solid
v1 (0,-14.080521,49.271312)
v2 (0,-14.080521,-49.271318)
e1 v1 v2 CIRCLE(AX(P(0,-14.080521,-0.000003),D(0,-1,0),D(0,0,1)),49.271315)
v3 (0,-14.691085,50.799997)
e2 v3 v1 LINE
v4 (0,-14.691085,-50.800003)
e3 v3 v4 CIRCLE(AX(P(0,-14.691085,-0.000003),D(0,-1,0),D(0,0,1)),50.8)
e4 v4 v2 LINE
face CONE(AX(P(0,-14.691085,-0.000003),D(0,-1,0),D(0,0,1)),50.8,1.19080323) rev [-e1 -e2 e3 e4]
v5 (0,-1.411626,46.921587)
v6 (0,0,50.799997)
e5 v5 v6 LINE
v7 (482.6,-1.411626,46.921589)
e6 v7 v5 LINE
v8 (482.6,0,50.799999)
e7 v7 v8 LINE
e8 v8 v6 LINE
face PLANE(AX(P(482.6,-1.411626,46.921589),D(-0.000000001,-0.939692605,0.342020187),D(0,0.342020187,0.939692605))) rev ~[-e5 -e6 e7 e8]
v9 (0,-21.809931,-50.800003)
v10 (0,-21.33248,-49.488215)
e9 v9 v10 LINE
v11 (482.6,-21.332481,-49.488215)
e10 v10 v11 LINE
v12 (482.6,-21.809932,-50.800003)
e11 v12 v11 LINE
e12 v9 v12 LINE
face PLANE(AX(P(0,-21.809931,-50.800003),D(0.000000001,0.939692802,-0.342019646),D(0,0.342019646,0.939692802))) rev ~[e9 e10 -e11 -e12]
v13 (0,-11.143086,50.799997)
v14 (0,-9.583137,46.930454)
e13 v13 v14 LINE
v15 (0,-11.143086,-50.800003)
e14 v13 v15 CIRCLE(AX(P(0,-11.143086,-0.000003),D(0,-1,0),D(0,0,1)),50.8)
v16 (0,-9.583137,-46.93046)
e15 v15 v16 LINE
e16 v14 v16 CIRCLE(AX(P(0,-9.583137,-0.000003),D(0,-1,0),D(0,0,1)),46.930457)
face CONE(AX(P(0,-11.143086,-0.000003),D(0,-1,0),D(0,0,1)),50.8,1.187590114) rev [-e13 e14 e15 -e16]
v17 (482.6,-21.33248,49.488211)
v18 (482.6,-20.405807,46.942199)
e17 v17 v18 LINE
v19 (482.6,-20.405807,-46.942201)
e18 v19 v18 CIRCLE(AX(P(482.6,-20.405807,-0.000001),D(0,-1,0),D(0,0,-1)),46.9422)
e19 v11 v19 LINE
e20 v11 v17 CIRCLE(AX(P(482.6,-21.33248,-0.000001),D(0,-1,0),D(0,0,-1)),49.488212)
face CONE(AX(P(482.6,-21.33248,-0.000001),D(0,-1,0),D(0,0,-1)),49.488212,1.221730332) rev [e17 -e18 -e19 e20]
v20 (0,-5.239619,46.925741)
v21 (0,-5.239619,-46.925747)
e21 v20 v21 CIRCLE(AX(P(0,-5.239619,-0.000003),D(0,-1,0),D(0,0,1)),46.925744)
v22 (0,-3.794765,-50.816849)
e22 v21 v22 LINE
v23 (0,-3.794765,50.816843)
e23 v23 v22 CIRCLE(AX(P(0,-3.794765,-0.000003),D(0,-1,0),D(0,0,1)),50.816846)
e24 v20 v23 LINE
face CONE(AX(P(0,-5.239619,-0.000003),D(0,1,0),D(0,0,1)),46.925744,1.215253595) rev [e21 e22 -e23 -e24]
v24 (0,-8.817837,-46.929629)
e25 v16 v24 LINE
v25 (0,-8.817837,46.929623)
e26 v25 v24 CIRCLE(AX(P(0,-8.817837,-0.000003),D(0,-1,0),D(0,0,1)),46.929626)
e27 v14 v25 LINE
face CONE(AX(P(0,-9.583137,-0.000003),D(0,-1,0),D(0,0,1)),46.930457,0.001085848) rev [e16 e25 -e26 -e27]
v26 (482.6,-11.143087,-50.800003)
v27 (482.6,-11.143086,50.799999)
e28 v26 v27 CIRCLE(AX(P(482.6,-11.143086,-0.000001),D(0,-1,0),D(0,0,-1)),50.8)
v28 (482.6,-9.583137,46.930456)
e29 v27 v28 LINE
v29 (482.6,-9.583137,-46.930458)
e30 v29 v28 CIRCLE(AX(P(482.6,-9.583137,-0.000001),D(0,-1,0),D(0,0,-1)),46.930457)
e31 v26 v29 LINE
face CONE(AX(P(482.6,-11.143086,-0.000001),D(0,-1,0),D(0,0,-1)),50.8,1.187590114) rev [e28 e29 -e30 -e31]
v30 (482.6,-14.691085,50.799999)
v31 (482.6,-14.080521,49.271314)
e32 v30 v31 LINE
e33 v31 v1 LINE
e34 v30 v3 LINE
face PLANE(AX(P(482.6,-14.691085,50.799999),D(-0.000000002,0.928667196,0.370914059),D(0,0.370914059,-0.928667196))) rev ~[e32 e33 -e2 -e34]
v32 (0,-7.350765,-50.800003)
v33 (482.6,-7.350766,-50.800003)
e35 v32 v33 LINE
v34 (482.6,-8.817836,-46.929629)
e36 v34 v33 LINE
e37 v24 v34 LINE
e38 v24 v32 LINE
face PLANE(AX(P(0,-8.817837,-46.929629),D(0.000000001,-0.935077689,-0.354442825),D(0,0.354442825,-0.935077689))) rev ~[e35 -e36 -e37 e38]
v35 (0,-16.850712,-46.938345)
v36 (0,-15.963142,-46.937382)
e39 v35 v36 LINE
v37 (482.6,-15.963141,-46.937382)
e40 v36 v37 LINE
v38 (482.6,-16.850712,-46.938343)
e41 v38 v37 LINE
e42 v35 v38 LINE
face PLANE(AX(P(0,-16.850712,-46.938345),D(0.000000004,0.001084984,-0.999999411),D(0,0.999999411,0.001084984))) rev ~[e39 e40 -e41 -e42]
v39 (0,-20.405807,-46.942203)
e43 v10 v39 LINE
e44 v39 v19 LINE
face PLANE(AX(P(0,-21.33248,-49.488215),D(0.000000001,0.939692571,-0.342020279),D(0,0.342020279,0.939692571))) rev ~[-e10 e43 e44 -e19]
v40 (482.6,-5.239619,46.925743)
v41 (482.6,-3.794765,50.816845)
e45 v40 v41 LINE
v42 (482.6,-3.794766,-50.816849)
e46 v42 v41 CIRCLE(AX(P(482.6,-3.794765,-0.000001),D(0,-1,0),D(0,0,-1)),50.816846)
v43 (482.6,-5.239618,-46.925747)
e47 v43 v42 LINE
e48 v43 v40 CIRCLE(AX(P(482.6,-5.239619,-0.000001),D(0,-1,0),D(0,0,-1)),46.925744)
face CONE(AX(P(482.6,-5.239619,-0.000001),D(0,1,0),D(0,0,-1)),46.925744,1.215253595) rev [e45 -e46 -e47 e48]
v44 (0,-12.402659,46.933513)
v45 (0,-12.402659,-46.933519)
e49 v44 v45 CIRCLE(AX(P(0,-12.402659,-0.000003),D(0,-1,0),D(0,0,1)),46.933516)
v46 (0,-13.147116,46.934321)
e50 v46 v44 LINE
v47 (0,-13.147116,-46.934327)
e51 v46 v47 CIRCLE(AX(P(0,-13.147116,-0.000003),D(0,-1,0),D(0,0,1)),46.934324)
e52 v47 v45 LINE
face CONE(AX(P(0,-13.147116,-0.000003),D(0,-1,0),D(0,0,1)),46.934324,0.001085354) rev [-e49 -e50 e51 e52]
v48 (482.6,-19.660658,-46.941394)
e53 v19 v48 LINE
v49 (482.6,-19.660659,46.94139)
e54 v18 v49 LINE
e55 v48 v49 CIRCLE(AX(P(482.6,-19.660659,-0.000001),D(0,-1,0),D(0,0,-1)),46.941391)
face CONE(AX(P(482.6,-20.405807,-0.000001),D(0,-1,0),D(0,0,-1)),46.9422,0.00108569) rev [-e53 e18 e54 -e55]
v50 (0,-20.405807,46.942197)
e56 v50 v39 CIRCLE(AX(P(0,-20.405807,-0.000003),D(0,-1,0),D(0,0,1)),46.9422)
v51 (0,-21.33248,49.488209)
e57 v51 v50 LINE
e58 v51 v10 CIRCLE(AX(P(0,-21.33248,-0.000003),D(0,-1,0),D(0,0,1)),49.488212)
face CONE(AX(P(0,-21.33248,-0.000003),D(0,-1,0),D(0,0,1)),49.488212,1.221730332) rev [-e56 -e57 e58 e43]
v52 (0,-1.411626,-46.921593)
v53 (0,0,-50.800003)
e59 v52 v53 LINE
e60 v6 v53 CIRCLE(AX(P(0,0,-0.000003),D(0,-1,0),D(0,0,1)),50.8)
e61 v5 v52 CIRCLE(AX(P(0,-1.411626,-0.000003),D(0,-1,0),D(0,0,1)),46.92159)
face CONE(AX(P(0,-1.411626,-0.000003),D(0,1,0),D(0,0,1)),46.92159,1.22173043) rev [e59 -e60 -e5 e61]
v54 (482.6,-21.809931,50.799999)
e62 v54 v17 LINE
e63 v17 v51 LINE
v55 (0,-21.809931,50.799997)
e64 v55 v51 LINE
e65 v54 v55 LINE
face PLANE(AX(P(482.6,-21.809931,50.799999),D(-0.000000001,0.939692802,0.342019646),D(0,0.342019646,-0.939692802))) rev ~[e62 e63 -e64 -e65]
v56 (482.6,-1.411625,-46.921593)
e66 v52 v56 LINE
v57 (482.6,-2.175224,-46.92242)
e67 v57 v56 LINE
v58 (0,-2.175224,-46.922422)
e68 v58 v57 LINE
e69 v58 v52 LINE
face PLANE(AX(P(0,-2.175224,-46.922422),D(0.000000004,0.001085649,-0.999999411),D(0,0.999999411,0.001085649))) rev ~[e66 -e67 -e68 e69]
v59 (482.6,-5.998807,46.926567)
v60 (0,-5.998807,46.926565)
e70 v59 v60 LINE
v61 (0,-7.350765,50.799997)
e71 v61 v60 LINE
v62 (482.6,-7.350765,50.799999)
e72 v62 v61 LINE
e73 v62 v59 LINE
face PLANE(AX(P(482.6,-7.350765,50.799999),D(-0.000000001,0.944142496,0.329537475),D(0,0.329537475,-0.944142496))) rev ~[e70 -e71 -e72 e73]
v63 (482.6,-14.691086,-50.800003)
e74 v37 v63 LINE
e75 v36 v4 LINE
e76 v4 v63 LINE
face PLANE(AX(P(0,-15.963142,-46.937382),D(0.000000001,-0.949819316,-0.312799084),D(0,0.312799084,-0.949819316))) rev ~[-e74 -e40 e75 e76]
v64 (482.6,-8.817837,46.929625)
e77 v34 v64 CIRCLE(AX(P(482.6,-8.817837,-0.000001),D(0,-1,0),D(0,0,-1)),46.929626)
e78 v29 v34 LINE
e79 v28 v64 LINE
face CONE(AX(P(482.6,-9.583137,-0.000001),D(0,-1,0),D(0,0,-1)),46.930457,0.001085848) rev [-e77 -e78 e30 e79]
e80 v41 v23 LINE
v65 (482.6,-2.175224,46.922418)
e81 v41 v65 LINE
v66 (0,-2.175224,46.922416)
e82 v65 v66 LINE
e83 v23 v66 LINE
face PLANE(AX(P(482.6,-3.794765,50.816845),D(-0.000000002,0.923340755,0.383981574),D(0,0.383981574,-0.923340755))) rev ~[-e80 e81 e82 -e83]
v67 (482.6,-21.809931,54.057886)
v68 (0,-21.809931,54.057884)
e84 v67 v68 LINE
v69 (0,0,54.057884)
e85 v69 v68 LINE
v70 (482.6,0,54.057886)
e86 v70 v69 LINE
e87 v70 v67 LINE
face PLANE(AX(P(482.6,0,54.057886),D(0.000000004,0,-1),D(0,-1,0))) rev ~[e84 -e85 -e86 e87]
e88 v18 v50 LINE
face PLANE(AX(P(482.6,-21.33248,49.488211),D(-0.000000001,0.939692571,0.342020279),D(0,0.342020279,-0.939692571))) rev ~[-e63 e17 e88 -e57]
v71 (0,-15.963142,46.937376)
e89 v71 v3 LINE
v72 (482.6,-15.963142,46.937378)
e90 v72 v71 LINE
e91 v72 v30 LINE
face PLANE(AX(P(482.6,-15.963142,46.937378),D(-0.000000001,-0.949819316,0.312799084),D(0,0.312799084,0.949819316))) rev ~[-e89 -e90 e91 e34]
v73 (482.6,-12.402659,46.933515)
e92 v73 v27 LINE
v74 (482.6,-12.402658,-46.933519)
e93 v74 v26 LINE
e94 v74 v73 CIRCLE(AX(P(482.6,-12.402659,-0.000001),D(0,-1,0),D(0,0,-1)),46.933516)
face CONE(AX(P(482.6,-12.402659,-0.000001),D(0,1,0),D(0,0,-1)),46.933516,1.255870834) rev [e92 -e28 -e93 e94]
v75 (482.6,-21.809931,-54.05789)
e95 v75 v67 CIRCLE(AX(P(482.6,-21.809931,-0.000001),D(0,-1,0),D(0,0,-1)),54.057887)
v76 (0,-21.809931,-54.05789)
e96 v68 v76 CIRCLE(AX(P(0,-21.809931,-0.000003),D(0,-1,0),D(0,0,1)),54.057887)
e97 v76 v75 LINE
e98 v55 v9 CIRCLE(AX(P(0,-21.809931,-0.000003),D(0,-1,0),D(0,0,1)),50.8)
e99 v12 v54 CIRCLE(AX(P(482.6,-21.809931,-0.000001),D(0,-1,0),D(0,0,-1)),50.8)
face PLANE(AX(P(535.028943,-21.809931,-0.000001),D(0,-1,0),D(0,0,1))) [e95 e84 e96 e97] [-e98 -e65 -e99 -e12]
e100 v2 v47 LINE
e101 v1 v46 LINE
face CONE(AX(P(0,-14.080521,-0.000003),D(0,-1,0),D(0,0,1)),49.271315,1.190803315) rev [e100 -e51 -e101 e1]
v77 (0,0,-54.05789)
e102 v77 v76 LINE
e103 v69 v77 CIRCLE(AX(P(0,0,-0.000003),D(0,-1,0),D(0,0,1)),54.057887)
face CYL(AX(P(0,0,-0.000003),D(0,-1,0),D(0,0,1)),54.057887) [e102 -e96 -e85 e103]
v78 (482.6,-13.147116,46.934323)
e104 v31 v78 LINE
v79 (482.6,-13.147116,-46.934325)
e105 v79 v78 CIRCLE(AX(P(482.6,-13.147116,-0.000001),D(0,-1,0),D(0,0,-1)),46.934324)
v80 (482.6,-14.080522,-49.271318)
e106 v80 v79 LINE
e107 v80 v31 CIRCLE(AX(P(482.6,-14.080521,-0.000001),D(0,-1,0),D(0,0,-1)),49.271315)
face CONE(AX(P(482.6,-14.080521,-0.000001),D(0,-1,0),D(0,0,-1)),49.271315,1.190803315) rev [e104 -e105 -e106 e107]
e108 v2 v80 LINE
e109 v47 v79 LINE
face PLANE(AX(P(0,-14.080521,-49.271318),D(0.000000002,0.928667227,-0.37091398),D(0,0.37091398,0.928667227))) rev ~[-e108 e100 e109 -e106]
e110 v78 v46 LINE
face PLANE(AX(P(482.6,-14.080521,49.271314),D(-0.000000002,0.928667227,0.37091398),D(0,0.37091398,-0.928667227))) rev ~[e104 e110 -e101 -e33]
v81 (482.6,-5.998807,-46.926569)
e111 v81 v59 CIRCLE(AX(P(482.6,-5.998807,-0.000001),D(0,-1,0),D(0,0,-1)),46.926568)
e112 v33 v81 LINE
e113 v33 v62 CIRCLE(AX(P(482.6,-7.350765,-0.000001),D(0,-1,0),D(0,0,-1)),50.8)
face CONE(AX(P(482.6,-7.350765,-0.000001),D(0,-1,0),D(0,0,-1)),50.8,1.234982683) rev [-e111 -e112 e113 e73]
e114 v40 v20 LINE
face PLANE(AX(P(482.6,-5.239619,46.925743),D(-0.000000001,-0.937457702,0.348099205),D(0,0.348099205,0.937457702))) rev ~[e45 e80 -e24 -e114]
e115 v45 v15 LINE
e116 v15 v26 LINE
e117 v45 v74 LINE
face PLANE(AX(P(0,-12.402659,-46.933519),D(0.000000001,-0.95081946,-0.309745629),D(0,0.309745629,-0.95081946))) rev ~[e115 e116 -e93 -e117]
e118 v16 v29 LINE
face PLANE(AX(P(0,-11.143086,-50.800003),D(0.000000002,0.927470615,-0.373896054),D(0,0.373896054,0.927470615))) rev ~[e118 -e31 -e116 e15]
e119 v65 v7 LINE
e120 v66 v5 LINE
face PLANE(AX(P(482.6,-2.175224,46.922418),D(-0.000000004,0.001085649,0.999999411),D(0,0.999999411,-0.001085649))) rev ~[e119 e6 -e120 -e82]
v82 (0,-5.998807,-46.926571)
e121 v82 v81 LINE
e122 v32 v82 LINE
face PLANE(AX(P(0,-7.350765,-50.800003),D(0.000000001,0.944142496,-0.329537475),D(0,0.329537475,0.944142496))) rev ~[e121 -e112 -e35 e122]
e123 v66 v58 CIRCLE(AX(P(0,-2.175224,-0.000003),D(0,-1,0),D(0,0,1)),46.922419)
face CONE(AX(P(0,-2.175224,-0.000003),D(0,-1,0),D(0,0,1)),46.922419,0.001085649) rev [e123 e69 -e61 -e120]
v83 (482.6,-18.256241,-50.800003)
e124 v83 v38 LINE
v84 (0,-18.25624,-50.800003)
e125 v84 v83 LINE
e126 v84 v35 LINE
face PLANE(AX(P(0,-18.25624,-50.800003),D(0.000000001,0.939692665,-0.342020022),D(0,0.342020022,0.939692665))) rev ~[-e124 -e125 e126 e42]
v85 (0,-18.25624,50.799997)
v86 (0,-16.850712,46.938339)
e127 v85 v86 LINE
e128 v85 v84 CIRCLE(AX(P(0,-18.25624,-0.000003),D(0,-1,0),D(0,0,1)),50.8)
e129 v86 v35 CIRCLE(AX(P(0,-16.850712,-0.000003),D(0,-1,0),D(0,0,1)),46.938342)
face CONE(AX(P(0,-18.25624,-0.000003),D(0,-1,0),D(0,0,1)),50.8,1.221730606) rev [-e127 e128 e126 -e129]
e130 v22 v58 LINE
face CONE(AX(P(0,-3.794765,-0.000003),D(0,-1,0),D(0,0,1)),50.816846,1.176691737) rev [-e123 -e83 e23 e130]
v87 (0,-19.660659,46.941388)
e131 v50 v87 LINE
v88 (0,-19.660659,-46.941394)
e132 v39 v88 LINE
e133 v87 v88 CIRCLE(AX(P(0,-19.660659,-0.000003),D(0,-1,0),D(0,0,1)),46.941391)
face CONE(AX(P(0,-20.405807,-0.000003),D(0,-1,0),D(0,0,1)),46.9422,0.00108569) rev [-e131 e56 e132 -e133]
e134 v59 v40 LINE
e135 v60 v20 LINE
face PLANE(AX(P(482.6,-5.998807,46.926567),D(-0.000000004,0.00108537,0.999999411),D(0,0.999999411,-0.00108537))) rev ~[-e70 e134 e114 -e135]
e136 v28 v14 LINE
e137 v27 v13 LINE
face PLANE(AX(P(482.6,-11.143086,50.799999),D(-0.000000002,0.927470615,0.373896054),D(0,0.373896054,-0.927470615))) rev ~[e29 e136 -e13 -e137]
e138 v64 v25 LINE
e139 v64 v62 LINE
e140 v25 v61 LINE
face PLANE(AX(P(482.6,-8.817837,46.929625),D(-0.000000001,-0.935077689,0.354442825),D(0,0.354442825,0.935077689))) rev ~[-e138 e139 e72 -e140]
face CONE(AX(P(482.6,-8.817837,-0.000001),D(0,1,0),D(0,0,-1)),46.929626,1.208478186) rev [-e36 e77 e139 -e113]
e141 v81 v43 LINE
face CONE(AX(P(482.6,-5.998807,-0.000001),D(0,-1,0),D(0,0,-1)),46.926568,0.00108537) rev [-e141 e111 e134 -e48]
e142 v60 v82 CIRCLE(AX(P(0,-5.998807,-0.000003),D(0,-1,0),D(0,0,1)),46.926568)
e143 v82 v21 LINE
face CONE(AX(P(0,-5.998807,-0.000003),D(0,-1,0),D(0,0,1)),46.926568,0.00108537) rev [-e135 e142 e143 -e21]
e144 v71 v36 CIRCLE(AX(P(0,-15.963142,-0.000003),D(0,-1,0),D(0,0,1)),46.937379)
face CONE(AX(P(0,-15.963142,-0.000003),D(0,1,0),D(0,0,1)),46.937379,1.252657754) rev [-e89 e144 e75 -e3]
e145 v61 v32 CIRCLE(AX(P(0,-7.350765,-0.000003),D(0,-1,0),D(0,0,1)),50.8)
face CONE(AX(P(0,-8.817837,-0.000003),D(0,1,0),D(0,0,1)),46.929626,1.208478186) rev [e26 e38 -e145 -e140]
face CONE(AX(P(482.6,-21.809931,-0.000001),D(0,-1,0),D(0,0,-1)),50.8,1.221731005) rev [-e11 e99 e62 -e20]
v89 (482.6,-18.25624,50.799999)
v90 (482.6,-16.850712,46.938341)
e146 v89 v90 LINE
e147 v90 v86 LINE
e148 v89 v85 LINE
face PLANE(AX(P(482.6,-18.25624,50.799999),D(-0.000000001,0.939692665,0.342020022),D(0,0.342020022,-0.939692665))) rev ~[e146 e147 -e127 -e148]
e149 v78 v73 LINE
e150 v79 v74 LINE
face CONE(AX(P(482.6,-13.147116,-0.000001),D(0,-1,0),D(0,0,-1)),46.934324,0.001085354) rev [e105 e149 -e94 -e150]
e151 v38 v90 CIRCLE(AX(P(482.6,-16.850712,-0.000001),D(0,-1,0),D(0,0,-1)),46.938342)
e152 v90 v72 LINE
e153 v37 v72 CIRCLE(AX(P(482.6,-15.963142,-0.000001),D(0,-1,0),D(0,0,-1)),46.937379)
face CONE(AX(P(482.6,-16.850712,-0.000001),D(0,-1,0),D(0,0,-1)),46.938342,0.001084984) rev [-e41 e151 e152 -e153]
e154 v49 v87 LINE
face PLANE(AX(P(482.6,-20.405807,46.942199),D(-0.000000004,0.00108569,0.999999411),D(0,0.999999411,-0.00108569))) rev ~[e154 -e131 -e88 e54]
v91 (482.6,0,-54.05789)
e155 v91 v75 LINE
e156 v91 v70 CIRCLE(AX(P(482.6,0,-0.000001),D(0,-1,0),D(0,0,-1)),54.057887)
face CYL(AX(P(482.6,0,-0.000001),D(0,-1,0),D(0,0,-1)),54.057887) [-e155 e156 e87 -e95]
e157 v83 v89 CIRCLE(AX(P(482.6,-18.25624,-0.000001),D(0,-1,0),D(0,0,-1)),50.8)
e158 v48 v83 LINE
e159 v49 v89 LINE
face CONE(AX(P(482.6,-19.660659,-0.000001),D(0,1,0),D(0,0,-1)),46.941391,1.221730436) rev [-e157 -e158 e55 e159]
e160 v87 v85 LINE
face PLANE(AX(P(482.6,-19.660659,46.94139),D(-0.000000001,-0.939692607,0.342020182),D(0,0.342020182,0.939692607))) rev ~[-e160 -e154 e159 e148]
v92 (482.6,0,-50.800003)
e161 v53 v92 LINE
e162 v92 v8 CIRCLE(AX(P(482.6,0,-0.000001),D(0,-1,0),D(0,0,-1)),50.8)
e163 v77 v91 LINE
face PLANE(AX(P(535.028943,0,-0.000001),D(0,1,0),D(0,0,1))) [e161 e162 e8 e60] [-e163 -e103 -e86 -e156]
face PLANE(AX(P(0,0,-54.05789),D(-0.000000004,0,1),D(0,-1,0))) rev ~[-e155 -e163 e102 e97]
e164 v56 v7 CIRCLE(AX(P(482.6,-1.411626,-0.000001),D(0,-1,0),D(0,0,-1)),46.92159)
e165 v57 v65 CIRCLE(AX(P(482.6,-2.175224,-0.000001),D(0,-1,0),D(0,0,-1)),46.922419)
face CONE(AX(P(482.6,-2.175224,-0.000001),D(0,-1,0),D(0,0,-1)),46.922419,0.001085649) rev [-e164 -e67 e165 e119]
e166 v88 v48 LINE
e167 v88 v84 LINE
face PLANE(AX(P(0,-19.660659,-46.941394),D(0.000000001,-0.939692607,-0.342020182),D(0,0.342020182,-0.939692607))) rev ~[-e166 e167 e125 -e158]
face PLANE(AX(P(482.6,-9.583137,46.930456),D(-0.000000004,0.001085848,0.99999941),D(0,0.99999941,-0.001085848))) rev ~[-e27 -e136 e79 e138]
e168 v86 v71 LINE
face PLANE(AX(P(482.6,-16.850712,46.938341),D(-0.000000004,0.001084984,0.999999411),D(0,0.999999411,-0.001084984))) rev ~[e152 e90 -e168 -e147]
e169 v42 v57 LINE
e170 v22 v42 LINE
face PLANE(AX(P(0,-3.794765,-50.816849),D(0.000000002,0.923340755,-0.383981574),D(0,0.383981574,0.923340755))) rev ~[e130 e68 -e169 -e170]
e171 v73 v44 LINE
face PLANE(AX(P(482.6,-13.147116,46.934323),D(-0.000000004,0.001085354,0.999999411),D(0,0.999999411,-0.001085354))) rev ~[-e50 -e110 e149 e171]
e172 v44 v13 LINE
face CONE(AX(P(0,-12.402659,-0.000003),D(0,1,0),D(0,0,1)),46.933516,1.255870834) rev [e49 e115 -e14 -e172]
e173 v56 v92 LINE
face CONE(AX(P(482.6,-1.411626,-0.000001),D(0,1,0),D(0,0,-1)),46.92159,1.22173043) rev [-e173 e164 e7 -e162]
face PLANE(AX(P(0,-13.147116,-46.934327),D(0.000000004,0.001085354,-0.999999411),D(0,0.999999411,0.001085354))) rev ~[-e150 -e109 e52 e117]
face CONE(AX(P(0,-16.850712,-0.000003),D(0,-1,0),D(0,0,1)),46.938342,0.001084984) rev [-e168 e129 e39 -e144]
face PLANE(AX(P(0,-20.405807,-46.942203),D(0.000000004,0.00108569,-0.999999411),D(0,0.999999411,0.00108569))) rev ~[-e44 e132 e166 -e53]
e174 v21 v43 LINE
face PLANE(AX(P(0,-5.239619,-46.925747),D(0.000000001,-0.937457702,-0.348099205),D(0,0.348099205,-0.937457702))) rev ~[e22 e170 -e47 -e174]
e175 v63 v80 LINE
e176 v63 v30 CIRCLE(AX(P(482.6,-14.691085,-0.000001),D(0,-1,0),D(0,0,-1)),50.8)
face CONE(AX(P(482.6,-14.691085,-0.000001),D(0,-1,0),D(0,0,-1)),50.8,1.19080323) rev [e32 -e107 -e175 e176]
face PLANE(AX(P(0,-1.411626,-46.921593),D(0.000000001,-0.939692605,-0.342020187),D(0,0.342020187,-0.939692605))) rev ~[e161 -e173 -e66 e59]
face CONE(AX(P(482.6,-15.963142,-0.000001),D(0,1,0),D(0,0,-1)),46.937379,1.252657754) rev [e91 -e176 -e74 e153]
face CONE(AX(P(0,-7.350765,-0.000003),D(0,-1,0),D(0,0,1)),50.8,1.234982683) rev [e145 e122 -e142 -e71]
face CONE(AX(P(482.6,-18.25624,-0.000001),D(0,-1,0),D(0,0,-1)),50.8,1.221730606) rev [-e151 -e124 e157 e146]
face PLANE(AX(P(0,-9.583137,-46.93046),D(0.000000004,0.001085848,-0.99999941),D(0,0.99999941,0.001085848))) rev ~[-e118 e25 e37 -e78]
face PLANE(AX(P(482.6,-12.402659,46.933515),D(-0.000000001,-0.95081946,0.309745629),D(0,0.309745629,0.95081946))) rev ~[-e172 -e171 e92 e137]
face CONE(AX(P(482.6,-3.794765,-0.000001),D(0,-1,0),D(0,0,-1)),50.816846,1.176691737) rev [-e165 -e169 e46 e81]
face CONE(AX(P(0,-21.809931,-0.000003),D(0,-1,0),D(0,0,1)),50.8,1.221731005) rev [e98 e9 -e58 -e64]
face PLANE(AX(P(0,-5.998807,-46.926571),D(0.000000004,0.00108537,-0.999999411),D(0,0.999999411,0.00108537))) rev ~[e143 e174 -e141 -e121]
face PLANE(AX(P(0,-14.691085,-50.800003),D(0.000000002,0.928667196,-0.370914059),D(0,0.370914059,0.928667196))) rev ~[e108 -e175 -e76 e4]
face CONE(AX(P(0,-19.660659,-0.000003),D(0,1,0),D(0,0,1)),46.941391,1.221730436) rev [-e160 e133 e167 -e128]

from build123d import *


with BuildPart() as f2:
    # F2: sweep along a path in F0
    with BuildLine(Plane.XZ) as f2_path:
        ThreePointArc((482.6, -50.800001), (533.4, -1e-06), (482.6, 50.799999))
        Line((482.6, 50.799999), (0, 50.799997))
        ThreePointArc((0, 50.799997), (-50.8, -3e-06), (0, -50.800003))
        Line((0, -50.800003), (482.6, -50.800001))
    # F1 (on Right) → F2 (sweep)
    with BuildSketch(Plane.YZ):
        Polygon((0, 54.057884), (-21.809931, 54.057884), (-21.809931, 50.799997), (-21.33248, 49.488209), (-20.405807, 46.942197), (-19.660659, 46.941388), (-18.25624, 50.799997), (-16.850712, 46.938339), (-15.963142, 46.937376), (-14.691085, 50.799997), (-14.080521, 49.271312), (-13.147116, 46.934321), (-12.402659, 46.933513), (-11.143086, 50.799997), (-9.583137, 46.930454), (-8.817837, 46.929623), (-7.350765, 50.799997), (-5.998807, 46.926565), (-5.239619, 46.925741), (-3.794765, 50.816843), (-2.175224, 46.922416), (-1.411626, 46.921587), (0, 50.799997), align=None)
    sweep(path=f2_path.line)


solid = f2.part
